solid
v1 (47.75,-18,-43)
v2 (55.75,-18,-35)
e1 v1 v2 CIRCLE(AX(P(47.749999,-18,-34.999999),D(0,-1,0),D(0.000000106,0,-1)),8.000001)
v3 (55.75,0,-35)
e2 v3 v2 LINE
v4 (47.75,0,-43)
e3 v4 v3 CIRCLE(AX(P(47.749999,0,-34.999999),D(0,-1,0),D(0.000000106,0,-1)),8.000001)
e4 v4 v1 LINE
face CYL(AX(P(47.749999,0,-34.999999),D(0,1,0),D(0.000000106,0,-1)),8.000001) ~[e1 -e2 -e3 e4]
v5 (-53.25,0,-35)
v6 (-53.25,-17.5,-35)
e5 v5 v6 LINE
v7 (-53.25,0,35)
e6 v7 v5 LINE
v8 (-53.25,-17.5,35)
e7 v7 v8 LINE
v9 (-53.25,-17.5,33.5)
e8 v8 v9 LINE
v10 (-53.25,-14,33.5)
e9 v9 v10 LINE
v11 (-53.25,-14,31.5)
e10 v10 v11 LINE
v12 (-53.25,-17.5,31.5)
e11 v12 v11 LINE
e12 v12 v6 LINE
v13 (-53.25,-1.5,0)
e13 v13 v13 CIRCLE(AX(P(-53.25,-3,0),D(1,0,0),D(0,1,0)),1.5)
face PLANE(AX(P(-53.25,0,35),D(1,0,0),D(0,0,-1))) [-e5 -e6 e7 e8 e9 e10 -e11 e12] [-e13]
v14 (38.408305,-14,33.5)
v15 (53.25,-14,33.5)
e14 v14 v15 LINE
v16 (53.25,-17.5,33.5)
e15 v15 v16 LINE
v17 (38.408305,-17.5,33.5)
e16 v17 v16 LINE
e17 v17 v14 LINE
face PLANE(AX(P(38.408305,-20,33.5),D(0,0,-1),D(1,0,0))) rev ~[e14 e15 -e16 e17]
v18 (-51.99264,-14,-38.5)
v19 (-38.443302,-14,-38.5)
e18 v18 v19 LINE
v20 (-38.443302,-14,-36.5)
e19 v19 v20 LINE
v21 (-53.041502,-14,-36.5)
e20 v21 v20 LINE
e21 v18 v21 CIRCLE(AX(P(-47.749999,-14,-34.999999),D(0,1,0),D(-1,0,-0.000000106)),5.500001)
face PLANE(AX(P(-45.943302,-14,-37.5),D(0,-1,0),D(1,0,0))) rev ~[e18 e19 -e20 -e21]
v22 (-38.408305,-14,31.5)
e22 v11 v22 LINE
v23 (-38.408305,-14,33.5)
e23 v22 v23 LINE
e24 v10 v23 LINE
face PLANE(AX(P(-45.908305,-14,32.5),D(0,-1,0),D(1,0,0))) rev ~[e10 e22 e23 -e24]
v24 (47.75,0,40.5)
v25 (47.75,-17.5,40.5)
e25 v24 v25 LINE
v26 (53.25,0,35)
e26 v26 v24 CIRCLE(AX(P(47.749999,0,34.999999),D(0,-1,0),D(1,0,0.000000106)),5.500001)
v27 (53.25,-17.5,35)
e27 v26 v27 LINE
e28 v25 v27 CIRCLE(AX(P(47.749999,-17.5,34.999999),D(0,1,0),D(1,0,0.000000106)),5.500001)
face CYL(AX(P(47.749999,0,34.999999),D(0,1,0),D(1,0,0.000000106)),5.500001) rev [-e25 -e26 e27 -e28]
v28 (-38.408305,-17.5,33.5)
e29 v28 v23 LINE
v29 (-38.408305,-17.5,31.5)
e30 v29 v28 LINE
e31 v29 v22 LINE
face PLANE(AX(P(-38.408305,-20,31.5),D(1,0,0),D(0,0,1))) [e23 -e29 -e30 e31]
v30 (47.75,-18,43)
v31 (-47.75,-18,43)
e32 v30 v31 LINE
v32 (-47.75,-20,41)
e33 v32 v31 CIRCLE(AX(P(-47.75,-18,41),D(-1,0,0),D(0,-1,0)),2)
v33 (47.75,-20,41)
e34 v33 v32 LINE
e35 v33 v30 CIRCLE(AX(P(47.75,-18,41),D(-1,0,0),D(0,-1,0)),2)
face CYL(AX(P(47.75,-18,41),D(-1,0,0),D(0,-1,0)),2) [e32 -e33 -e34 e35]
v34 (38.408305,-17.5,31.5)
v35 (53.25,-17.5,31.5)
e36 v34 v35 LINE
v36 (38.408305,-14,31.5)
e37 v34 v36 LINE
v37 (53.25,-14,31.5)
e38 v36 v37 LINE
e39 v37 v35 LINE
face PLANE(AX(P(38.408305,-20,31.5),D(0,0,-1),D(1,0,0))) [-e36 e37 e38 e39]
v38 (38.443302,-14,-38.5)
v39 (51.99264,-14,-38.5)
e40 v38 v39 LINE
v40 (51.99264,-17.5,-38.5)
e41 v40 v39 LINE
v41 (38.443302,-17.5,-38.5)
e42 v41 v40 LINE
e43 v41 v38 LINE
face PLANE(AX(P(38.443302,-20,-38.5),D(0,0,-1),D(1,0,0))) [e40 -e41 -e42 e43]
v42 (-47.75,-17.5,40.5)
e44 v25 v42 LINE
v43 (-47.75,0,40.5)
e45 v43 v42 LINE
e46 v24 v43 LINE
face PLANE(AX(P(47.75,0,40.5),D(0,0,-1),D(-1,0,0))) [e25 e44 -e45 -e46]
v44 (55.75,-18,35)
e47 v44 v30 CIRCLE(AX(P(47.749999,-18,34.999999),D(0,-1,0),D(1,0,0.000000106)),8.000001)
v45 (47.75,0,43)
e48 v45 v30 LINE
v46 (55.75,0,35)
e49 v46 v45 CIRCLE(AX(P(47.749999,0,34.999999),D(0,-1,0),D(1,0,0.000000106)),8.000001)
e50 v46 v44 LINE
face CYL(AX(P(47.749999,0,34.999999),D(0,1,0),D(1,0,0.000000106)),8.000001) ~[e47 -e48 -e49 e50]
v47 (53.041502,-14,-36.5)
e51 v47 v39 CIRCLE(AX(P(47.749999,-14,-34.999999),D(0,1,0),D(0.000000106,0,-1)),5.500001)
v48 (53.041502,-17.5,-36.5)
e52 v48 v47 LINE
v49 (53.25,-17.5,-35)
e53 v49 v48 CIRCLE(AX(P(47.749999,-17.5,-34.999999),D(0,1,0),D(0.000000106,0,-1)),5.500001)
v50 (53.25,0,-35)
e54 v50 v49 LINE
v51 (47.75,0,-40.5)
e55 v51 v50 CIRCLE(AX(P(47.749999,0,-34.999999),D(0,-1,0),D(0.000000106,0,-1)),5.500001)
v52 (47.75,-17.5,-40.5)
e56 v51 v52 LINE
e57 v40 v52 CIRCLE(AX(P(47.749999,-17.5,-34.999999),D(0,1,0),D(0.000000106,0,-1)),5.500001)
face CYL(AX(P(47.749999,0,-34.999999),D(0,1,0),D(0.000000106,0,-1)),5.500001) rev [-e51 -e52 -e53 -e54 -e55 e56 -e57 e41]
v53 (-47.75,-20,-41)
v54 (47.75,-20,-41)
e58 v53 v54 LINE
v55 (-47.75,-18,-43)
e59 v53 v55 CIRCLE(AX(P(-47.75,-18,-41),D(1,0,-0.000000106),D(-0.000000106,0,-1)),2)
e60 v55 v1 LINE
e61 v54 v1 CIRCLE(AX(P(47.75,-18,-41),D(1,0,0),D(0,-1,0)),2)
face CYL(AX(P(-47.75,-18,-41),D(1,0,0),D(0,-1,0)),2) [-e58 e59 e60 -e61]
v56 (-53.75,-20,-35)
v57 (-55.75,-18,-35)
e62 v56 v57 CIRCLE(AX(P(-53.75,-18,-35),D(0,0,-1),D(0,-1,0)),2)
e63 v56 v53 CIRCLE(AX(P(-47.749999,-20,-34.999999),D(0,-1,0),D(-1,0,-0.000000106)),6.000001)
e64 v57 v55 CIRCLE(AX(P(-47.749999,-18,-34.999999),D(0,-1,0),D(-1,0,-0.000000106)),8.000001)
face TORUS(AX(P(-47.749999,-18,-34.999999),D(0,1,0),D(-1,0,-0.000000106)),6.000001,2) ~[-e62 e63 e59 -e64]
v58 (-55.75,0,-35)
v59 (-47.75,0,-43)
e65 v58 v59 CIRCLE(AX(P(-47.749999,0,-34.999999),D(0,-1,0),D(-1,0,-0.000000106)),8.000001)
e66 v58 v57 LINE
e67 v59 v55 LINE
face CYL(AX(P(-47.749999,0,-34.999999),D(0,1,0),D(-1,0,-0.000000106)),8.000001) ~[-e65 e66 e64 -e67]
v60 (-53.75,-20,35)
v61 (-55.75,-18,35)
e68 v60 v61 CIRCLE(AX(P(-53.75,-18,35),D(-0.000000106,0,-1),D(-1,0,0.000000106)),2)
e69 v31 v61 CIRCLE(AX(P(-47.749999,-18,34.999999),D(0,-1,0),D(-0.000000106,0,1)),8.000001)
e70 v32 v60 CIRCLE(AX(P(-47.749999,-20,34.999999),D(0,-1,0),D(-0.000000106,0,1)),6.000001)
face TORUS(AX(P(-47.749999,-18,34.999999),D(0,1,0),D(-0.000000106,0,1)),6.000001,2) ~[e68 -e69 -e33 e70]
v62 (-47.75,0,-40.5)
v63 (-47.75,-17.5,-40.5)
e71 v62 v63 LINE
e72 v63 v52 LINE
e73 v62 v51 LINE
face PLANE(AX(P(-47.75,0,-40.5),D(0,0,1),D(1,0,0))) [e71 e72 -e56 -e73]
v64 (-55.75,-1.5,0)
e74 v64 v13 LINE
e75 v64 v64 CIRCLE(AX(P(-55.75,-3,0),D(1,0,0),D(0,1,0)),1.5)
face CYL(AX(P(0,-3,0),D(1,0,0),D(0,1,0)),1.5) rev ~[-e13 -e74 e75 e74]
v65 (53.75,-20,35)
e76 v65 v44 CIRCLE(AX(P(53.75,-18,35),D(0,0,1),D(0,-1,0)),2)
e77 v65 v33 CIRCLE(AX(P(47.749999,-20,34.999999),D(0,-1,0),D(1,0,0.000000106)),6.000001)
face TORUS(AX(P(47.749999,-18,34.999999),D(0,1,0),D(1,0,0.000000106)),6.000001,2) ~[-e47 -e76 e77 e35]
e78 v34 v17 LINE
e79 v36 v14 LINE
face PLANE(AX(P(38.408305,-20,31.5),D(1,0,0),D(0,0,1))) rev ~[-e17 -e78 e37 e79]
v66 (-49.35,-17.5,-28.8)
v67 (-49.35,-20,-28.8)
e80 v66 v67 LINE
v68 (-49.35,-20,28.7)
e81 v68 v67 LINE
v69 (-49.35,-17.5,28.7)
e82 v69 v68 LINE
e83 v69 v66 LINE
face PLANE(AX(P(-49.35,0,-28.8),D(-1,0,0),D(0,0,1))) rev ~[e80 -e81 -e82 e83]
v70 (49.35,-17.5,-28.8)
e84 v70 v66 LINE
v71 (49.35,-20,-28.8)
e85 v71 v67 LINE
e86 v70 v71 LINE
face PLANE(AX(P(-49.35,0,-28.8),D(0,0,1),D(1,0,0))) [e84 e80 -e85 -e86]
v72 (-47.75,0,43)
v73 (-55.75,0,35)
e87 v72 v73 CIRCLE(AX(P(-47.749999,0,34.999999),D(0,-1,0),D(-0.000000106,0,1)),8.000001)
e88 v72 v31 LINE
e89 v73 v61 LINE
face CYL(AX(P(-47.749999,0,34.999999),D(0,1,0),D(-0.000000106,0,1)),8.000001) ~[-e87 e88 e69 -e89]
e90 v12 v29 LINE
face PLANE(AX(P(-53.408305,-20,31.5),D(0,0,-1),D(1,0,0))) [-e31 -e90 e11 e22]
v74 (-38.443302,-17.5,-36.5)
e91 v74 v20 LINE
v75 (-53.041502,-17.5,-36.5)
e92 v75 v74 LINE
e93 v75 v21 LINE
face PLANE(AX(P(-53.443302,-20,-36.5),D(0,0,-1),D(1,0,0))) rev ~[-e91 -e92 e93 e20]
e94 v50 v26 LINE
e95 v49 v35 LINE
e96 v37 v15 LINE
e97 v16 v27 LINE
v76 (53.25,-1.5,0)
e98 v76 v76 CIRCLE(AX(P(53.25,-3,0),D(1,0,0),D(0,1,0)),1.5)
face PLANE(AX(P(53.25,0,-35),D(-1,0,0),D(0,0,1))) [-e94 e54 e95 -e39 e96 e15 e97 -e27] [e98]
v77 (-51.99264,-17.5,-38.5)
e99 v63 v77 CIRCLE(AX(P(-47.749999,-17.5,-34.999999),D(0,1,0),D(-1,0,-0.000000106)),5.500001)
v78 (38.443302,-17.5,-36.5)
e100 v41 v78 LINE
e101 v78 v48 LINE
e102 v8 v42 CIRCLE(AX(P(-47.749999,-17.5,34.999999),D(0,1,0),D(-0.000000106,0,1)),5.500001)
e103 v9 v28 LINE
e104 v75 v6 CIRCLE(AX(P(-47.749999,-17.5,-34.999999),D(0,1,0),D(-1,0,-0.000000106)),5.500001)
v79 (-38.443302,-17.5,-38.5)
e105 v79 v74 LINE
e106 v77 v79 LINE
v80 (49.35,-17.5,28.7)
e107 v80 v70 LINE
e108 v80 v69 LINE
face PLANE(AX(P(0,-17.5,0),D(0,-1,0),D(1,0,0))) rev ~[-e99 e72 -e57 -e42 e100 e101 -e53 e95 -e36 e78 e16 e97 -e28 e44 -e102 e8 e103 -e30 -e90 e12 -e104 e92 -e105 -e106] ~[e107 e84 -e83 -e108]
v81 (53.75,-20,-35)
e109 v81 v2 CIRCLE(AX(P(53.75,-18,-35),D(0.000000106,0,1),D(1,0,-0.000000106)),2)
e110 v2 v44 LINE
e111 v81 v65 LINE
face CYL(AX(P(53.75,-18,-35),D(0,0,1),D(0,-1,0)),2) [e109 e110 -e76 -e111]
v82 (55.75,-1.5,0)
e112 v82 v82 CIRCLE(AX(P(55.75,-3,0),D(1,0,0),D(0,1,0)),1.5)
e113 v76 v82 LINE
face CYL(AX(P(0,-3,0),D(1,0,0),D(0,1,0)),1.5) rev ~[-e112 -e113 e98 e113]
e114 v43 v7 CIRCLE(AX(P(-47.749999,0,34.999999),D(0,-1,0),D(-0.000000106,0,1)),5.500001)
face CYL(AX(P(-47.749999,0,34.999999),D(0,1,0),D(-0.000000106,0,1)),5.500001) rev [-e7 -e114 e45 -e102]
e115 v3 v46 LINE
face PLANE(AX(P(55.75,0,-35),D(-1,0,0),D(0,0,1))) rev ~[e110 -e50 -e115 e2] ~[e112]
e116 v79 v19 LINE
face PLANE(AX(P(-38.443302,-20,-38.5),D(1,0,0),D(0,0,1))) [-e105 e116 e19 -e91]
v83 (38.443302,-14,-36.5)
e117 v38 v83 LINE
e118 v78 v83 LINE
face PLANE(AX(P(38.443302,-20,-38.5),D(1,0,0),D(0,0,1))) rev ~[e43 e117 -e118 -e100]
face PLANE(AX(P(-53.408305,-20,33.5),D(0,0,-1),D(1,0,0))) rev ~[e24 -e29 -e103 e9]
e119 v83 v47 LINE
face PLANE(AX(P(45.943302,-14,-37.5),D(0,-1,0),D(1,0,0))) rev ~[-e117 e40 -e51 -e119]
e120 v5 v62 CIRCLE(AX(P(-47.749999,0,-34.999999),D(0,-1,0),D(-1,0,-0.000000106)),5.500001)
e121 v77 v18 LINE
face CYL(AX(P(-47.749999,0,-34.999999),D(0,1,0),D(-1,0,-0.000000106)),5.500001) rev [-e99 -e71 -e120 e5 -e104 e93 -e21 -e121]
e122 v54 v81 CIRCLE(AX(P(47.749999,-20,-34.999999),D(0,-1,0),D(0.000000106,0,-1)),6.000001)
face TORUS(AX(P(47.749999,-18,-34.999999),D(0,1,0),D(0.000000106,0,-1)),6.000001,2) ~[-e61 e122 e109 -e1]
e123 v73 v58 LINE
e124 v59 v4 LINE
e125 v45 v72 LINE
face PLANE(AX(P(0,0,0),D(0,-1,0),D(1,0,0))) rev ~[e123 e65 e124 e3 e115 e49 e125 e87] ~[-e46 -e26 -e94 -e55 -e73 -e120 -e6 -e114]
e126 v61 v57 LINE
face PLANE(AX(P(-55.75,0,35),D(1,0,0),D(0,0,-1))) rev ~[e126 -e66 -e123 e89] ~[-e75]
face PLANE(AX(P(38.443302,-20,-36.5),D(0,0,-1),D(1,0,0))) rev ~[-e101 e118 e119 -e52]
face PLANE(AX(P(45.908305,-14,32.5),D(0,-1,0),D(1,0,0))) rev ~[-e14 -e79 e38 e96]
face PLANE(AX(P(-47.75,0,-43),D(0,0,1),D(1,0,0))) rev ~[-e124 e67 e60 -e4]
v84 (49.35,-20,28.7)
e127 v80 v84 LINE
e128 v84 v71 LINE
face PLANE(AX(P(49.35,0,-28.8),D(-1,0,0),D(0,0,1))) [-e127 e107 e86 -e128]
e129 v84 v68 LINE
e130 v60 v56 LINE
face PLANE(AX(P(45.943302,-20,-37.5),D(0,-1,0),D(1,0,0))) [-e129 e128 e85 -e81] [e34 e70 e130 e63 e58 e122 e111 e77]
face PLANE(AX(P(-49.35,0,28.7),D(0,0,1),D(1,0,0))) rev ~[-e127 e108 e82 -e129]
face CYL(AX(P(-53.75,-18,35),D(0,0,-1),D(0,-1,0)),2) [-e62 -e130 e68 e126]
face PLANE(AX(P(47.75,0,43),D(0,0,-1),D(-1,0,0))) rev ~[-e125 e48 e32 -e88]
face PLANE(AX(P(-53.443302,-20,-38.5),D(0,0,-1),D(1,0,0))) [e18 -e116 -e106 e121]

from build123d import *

# Parameters (mm, degrees)
F1_DEPTH  = 20
F2_T      = -2.5
F5_W      = 98.7
F5_H      = 57.5
F6_DEPTH  = 50
F7_W      = 15
F7_H      = 2
F8_DEPTH  = 6
F11_R     = 2
F12_R     = 1.5
F13_DEPTH = 70


with BuildPart() as f1:
    # F0 (on Front) → F1 (new body)
    with BuildSketch(Plane.XZ):
        with BuildLine():
            Line((47.75, 43), (-47.75, 43))
            ThreePointArc((-47.75, 43), (-53.406854, 40.656854), (-55.75, 35))
            Line((-55.75, 35), (-55.75, -35))
            ThreePointArc((-55.75, -35), (-53.406854, -40.656854), (-47.75, -43))
            Line((-47.75, -43), (47.75, -43))
            ThreePointArc((47.75, -43), (53.406854, -40.656854), (55.75, -35))
            Line((55.75, -35), (55.75, 35))
            ThreePointArc((55.75, 35), (53.406854, 40.656854), (47.75, 43))
        make_face()
    extrude(amount=F1_DEPTH)

    # F2
    f2_openings = [f1.faces().sort_by_distance(p)[0] for p in [
        (0, 0, 0),
    ]]
    offset(amount=F2_T, openings=f2_openings)

    # F5 (on Front) → F6 (cut)
    with BuildSketch(Plane.XZ):
        with Locations((0, -0.05)):
            Rectangle(F5_W, F5_H)
    extrude(amount=F6_DEPTH, mode=Mode.SUBTRACT)

    # F7 (on offset) → F8 (join)
    with BuildSketch(Plane.XZ.offset(20)):
        with Locations((45.943302, -37.5)):
            Rectangle(F7_W, F7_H)
        with Locations((-45.943302, -37.5)):
            Rectangle(F7_W, F7_H)
        with Locations((45.908305, 32.5)):
            Rectangle(F7_W, F7_H)
        with Locations((-45.908305, 32.5)):
            Rectangle(F7_W, F7_H)
    extrude(amount=-F8_DEPTH)

    # F11
    f11_edges = [f1.edges().sort_by_distance(p)[0] for p in [
        (0, -20, 43),
        (55.75, -20, 0),
    ]]
    fillet(f11_edges, radius=F11_R)

    # F12 (on Right) → F13 (cut, symmetric)
    with BuildSketch(Plane.YZ):
        with Locations((-3, 0)):
            Circle(F12_R)
    extrude(amount=F13_DEPTH, both=True, mode=Mode.SUBTRACT)


solid = f1.part
